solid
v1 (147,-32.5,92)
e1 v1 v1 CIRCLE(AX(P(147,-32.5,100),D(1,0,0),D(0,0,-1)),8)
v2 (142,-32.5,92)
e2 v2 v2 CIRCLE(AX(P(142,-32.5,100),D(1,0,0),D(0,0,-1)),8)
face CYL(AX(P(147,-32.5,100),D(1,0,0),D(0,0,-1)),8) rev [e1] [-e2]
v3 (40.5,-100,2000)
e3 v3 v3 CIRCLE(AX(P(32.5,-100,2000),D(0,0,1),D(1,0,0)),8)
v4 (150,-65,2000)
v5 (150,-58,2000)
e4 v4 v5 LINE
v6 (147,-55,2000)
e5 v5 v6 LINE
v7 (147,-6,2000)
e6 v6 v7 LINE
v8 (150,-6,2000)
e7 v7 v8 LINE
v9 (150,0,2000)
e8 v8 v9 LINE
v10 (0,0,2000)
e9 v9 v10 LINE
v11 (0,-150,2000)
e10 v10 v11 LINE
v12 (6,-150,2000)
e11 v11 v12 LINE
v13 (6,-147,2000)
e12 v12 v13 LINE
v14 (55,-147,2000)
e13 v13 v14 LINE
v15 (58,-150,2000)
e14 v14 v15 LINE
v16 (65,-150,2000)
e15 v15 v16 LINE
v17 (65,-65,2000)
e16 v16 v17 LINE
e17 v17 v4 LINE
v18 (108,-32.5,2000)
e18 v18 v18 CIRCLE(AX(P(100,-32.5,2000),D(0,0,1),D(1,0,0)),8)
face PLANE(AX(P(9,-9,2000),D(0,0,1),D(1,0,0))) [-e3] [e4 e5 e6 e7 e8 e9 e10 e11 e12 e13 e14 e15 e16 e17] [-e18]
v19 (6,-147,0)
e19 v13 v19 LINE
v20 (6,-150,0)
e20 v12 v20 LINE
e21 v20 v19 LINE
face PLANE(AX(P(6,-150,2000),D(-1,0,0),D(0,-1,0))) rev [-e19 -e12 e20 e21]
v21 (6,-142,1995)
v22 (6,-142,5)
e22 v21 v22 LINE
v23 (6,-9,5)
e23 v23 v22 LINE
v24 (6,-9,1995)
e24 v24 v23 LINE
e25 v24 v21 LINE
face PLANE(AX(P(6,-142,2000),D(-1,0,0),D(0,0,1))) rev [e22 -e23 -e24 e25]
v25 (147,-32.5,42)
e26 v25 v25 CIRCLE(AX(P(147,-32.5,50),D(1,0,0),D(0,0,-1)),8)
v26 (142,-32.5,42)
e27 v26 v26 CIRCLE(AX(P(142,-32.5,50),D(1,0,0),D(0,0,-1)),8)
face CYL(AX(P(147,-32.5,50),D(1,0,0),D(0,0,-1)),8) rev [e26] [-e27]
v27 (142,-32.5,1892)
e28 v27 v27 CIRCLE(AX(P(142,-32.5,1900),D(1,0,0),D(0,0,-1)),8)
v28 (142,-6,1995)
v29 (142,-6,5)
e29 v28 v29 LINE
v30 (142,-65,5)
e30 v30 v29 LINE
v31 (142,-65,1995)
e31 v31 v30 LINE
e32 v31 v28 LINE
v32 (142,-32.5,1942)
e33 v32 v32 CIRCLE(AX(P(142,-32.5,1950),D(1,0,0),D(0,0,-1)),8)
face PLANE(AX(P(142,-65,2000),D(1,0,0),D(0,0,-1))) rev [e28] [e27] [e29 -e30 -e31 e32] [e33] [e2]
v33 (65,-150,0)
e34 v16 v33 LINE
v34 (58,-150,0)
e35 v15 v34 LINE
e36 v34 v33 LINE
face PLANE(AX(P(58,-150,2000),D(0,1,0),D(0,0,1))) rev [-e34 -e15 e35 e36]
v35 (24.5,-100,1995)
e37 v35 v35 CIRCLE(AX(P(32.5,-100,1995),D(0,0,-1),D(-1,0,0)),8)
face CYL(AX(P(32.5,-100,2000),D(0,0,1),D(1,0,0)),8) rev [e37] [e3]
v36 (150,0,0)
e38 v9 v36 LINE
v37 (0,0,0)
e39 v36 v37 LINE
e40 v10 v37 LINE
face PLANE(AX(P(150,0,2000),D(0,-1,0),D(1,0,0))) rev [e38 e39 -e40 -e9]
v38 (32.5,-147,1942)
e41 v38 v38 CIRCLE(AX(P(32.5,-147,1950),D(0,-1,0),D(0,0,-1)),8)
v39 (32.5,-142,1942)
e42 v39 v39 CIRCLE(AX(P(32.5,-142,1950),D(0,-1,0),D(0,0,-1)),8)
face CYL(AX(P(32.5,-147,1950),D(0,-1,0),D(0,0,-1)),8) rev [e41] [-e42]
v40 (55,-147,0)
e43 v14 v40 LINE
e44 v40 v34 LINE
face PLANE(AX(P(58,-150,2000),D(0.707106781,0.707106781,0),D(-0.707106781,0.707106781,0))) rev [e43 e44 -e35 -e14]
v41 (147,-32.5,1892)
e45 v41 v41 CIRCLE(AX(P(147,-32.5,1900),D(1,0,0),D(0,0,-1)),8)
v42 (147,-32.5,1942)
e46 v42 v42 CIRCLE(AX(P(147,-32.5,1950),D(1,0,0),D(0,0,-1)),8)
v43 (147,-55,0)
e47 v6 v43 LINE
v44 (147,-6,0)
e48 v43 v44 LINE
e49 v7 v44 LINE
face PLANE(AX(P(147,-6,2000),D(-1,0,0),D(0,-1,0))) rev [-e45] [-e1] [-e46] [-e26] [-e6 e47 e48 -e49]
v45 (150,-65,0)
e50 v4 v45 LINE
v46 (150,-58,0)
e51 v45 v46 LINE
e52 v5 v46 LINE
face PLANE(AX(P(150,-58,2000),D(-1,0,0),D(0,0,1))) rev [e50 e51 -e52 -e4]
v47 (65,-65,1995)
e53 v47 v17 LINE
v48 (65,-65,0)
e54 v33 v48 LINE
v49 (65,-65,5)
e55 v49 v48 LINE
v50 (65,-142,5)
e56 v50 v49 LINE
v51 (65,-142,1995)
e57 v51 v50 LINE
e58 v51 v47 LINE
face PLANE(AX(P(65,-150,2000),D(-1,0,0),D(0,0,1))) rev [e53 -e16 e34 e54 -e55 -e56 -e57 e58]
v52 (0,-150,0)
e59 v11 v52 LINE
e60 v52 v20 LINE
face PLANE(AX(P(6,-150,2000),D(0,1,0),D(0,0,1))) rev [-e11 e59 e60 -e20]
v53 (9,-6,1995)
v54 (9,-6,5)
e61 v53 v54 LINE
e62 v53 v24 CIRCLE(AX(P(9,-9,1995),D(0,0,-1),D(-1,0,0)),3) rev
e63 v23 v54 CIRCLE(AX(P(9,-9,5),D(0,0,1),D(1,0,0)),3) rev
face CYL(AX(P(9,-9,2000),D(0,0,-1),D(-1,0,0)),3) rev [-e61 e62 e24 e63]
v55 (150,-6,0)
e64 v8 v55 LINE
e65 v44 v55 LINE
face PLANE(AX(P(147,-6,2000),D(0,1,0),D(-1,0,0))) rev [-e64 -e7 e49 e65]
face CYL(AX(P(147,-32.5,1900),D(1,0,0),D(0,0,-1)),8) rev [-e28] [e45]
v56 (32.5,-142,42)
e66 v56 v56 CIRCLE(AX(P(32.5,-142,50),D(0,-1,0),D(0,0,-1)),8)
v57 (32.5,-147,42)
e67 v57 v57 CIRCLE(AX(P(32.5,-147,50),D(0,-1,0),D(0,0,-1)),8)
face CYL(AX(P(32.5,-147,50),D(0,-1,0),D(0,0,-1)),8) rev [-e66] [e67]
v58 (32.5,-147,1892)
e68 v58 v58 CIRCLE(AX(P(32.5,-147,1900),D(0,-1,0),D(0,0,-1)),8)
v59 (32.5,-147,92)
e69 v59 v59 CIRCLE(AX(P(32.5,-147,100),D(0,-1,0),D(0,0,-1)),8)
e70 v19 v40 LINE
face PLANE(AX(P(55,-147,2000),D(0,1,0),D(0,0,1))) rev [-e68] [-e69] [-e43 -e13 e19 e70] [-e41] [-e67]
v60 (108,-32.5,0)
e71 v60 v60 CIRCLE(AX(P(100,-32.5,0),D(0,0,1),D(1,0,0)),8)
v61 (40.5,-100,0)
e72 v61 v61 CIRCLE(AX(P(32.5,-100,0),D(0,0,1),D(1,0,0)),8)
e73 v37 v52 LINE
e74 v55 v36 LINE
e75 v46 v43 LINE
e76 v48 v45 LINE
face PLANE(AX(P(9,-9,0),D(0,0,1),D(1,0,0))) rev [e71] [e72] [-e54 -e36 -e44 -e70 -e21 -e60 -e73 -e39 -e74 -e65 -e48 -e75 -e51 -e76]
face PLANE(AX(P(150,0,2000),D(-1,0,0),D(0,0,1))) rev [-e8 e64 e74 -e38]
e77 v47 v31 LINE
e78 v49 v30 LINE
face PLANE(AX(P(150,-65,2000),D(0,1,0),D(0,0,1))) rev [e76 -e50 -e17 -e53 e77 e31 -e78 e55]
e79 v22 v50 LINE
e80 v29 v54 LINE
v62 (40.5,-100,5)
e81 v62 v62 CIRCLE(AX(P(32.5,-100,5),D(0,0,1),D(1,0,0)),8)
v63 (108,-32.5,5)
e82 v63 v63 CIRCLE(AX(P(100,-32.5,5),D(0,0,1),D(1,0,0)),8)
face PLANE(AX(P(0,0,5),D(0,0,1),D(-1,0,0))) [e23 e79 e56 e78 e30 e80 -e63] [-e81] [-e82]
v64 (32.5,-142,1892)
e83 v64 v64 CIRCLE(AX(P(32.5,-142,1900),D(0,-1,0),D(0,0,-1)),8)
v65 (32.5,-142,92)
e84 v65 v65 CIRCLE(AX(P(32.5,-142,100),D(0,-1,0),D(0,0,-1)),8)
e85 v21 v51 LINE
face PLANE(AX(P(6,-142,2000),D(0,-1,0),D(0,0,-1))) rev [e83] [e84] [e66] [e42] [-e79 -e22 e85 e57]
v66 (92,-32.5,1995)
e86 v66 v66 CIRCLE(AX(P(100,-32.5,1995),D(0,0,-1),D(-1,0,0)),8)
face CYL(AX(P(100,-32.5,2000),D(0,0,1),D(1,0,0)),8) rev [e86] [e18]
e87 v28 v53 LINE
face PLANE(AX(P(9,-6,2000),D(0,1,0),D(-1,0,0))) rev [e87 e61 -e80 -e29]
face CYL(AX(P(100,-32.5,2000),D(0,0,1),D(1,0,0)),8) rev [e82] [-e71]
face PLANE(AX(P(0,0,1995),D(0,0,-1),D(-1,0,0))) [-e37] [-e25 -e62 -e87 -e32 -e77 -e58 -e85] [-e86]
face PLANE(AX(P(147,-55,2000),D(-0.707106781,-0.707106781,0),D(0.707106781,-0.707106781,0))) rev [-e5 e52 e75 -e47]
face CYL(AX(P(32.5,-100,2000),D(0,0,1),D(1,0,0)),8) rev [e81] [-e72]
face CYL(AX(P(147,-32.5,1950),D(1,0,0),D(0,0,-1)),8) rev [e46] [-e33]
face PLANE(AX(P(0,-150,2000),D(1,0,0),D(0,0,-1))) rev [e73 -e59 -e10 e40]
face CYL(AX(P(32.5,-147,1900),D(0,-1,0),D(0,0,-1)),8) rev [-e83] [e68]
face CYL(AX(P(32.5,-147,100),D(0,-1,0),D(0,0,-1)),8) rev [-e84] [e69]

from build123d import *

# Parameters (mm, degrees)
EXTRUDE_1_DEPTH             = 2000
EXTRUDE_2_DEPTH             = 5
HOLE_WIZARD_16_0_16_1_D     = 16
HOLE_WIZARD_16_0_16_2_D     = 16
HOLE_WIZARD_16_0_16_2_DEPTH = 5
HOLE_WIZARD_16_0_16_3_D     = 16
HOLE_WIZARD_16_0_16_3_DEPTH = 5


with BuildPart() as part:
    # Model → 凸台-拉伸1 (new body)
    with BuildSketch(Plane.XY):
        with BuildLine():
            Line((55, -147), (6, -147))
            Line((6, -147), (6, -150))
            Line((6, -150), (0, -150))
            Line((0, -150), (0, 0))
            Line((0, 0), (150, 0))
            Line((150, 0), (150, -6))
            Line((150, -6), (147, -6))
            Line((147, -6), (147, -55))
            Line((147, -55), (150, -58))
            Line((150, -58), (150, -65))
            Line((150, -65), (142, -65))
            Line((142, -65), (142, -6))
            Line((142, -6), (9, -6))
            ThreePointArc((9, -6), (6.878679656, -6.878679656), (6, -9))
            Line((6, -9), (6, -142))
            Line((6, -142), (65, -142))
            Line((65, -142), (65, -150))
            Line((65, -150), (58, -150))
            Line((58, -150), (55, -147))
        make_face()
    extrude(amount=EXTRUDE_1_DEPTH)

    # 草图2 → 凸台-拉伸2 (add)
    with BuildSketch(Plane.XY.offset(2000)):
        Polygon((65, -142), (65, -65), (142, -65), (142, -6), (6, -6), (6, -142), align=None)
    extrude_2 = extrude(amount=-EXTRUDE_2_DEPTH)

    # 镜向1: 凸台-拉伸2 across plane
    add(extrude_2.mirror(Plane.XY.offset(1000)))

    # Ø16.0 (16) 直径孔1 (through all)
    with Locations(Plane.XY.offset(2000)):
        with Locations((100, -32.5), (32.5, -100)):
            Hole(HOLE_WIZARD_16_0_16_1_D / 2)

    # Ø16.0 (16) 直径孔2
    with Locations(Plane(origin=(147, 0, 0), x_dir=(0, 0, -1), z_dir=(1, 0, 0))):
        with Locations((-1950, -32.5), (-1900, -32.5), (-50, -32.5), (-100, -32.5)):
            Hole(HOLE_WIZARD_16_0_16_2_D / 2, depth=HOLE_WIZARD_16_0_16_2_DEPTH)

    # Ø16.0 (16) 直径孔3
    with Locations(Plane(origin=(0, -147, 0), x_dir=(-1, 0, 0), z_dir=(0, -1, 0))):
        with Locations((-32.5, -1950), (-32.5, -1900), (-32.5, -50), (-32.5, -100)):
            Hole(HOLE_WIZARD_16_0_16_3_D / 2, depth=HOLE_WIZARD_16_0_16_3_DEPTH)


solid = part.part
